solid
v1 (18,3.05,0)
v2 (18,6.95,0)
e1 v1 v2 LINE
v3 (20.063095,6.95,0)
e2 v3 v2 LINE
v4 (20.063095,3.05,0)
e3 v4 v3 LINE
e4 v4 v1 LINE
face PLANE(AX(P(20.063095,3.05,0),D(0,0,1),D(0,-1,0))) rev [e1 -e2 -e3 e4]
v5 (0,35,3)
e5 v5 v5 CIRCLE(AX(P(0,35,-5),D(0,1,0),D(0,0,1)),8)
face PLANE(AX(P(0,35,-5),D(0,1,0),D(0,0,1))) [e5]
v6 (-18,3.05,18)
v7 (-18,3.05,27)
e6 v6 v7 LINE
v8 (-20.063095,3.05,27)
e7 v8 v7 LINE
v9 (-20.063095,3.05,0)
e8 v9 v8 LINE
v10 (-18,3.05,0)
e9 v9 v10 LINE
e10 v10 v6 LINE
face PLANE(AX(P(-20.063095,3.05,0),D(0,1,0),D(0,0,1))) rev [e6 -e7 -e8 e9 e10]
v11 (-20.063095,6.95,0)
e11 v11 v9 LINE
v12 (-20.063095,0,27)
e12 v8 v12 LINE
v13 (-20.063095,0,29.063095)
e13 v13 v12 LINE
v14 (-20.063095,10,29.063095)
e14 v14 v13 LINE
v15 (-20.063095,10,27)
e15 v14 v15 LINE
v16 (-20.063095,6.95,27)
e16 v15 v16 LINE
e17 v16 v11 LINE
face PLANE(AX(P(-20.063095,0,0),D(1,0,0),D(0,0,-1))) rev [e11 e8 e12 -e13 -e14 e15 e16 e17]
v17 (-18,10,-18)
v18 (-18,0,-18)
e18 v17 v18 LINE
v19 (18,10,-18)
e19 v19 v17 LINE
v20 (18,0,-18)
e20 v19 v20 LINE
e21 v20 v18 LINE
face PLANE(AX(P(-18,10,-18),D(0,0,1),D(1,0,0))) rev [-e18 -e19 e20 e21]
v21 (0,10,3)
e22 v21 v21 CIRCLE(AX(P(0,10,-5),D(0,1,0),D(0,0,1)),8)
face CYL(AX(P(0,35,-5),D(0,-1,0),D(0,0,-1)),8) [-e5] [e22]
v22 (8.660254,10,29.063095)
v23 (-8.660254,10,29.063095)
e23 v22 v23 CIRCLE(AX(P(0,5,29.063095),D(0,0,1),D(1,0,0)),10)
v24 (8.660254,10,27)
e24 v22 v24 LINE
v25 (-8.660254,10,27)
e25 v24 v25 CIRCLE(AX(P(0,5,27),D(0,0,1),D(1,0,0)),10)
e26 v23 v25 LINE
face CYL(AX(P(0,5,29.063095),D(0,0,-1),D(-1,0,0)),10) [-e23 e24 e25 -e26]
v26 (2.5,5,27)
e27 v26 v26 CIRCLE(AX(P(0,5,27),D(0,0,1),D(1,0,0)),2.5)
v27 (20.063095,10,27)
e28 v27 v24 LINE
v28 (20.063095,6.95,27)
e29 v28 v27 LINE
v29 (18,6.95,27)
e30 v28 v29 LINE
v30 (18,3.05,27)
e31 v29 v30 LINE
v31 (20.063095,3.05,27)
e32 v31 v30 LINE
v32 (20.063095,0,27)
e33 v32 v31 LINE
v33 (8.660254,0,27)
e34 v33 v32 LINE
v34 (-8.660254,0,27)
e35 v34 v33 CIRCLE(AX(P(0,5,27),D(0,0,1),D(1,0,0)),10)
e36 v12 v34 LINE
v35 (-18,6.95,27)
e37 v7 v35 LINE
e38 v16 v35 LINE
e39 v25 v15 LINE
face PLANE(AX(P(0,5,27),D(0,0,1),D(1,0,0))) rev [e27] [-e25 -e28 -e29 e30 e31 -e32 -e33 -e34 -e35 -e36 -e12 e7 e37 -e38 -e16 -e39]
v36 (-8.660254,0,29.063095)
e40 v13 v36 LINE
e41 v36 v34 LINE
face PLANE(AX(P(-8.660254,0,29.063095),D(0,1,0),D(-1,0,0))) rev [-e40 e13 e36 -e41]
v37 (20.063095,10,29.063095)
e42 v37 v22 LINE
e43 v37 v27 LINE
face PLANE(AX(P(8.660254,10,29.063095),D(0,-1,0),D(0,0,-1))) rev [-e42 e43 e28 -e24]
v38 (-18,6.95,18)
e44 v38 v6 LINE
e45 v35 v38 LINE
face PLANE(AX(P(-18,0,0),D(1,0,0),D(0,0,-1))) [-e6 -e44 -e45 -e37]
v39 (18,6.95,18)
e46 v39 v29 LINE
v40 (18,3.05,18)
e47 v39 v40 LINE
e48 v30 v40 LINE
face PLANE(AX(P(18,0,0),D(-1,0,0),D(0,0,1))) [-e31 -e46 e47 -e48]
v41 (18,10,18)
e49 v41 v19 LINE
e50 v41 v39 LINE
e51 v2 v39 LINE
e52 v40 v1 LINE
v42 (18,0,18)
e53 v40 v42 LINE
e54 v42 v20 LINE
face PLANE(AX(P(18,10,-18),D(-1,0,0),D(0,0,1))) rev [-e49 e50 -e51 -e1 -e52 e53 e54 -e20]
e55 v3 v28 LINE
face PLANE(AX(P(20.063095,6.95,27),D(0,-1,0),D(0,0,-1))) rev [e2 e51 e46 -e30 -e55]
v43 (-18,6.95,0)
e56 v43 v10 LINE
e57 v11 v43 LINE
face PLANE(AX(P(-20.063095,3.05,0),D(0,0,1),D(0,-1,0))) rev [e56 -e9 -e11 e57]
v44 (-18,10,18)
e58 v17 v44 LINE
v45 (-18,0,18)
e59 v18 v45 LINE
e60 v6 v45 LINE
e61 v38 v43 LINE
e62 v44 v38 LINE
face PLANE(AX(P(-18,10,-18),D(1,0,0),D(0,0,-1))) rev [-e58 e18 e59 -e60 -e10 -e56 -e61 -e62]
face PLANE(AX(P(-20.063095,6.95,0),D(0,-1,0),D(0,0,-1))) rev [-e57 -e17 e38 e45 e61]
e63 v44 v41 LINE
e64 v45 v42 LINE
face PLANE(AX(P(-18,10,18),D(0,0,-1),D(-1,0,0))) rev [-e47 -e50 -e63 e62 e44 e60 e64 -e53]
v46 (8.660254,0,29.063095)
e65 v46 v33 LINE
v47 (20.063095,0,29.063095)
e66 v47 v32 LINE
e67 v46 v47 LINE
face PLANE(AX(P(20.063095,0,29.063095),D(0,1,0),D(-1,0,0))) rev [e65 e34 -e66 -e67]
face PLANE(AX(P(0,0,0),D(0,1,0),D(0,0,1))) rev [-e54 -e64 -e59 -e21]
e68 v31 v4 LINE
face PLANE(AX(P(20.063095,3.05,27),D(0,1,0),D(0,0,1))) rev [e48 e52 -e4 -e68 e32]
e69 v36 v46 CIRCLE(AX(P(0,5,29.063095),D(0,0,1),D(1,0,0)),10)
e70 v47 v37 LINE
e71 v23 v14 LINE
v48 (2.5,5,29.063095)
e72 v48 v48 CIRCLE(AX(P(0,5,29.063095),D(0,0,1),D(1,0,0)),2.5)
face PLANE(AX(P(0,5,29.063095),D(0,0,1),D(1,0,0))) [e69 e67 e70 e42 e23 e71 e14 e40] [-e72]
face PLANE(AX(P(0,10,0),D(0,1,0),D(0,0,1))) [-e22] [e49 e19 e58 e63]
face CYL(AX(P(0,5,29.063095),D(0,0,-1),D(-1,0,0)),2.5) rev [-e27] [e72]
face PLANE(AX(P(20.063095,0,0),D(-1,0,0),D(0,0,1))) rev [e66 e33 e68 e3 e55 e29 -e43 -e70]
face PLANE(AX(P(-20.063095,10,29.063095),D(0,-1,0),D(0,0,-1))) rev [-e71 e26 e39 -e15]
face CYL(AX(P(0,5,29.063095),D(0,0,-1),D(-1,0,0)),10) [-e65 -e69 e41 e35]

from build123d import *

# Parameters (mm, degrees)
SKETCH_1_W      = 36
SKETCH_1_H      = 36
EXTRUDE_1_DEPTH = 10
SKETCH_3_R      = 8
EXTRUDE_2_DEPTH = 25
SKETCH_4_W      = 27
SKETCH_4_H      = 3.9
EXTRUDE_3_DEPTH = 2.063094661
SKETCH_5_W      = 27
SKETCH_5_H      = 3.9
EXTRUDE_4_DEPTH = 2.063094661
SKETCH_6_R      = 2.5
EXTRUDE_5_DEPTH = 2.063094661


with BuildPart() as part:
    # 草图1 → 凸台-拉伸1 (new body)
    with BuildSketch(Plane(origin=(0, 0, 0), x_dir=(1, 0, 0), z_dir=(0, 1, 0))):
        Rectangle(SKETCH_1_W, SKETCH_1_H)
    extrude(amount=EXTRUDE_1_DEPTH)

    # 草图3 → 凸台-拉伸2 (add)
    with BuildSketch(Plane(origin=(0, 10, 0), x_dir=(1, 0, 0), z_dir=(0, 1, 0))):
        with Locations(Location((0, 5, 0), (0, 0, 270))):
            Circle(SKETCH_3_R)
    extrude(amount=EXTRUDE_2_DEPTH)

    # 草图4 → 凸台-拉伸3 (add)
    with BuildSketch(Plane.ZY.offset(18)):
        with Locations((13.5, 5)):
            Rectangle(SKETCH_4_W, SKETCH_4_H)
    extrude(amount=EXTRUDE_3_DEPTH)

    # 草图5 → 凸台-拉伸4 (add)
    with BuildSketch(Plane(origin=(18, 0, 0), x_dir=(0, 0, -1), z_dir=(1, 0, 0))):
        with Locations((-13.5, 5)):
            Rectangle(SKETCH_5_W, SKETCH_5_H)
    extrude(amount=EXTRUDE_4_DEPTH)

    # 草图6 → 凸台-拉伸5 (add)
    with BuildSketch(Plane.XY.offset(27)):
        with BuildLine():
            Line((20.063094661, 3.05), (20.063094661, 0))
            Line((20.063094661, 0), (8.660254038, 0))
            ThreePointArc((8.660254038, 0), (0, -5), (-8.660254038, 0))
            Line((-8.660254038, 0), (-20.063094661, 0))
            Line((-20.063094661, 0), (-20.063094661, 10))
            Line((-20.063094661, 10), (-8.660254038, 10))
            ThreePointArc((-8.660254038, 10), (0, 15), (8.660254038, 10))
            Line((8.660254038, 10), (20.063094661, 10))
            Line((20.063094661, 10), (20.063094661, 3.05))
        make_face()
        with Locations((0, 5)):
            Circle(SKETCH_6_R, mode=Mode.SUBTRACT)
    extrude(amount=EXTRUDE_5_DEPTH)


solid = part.part
